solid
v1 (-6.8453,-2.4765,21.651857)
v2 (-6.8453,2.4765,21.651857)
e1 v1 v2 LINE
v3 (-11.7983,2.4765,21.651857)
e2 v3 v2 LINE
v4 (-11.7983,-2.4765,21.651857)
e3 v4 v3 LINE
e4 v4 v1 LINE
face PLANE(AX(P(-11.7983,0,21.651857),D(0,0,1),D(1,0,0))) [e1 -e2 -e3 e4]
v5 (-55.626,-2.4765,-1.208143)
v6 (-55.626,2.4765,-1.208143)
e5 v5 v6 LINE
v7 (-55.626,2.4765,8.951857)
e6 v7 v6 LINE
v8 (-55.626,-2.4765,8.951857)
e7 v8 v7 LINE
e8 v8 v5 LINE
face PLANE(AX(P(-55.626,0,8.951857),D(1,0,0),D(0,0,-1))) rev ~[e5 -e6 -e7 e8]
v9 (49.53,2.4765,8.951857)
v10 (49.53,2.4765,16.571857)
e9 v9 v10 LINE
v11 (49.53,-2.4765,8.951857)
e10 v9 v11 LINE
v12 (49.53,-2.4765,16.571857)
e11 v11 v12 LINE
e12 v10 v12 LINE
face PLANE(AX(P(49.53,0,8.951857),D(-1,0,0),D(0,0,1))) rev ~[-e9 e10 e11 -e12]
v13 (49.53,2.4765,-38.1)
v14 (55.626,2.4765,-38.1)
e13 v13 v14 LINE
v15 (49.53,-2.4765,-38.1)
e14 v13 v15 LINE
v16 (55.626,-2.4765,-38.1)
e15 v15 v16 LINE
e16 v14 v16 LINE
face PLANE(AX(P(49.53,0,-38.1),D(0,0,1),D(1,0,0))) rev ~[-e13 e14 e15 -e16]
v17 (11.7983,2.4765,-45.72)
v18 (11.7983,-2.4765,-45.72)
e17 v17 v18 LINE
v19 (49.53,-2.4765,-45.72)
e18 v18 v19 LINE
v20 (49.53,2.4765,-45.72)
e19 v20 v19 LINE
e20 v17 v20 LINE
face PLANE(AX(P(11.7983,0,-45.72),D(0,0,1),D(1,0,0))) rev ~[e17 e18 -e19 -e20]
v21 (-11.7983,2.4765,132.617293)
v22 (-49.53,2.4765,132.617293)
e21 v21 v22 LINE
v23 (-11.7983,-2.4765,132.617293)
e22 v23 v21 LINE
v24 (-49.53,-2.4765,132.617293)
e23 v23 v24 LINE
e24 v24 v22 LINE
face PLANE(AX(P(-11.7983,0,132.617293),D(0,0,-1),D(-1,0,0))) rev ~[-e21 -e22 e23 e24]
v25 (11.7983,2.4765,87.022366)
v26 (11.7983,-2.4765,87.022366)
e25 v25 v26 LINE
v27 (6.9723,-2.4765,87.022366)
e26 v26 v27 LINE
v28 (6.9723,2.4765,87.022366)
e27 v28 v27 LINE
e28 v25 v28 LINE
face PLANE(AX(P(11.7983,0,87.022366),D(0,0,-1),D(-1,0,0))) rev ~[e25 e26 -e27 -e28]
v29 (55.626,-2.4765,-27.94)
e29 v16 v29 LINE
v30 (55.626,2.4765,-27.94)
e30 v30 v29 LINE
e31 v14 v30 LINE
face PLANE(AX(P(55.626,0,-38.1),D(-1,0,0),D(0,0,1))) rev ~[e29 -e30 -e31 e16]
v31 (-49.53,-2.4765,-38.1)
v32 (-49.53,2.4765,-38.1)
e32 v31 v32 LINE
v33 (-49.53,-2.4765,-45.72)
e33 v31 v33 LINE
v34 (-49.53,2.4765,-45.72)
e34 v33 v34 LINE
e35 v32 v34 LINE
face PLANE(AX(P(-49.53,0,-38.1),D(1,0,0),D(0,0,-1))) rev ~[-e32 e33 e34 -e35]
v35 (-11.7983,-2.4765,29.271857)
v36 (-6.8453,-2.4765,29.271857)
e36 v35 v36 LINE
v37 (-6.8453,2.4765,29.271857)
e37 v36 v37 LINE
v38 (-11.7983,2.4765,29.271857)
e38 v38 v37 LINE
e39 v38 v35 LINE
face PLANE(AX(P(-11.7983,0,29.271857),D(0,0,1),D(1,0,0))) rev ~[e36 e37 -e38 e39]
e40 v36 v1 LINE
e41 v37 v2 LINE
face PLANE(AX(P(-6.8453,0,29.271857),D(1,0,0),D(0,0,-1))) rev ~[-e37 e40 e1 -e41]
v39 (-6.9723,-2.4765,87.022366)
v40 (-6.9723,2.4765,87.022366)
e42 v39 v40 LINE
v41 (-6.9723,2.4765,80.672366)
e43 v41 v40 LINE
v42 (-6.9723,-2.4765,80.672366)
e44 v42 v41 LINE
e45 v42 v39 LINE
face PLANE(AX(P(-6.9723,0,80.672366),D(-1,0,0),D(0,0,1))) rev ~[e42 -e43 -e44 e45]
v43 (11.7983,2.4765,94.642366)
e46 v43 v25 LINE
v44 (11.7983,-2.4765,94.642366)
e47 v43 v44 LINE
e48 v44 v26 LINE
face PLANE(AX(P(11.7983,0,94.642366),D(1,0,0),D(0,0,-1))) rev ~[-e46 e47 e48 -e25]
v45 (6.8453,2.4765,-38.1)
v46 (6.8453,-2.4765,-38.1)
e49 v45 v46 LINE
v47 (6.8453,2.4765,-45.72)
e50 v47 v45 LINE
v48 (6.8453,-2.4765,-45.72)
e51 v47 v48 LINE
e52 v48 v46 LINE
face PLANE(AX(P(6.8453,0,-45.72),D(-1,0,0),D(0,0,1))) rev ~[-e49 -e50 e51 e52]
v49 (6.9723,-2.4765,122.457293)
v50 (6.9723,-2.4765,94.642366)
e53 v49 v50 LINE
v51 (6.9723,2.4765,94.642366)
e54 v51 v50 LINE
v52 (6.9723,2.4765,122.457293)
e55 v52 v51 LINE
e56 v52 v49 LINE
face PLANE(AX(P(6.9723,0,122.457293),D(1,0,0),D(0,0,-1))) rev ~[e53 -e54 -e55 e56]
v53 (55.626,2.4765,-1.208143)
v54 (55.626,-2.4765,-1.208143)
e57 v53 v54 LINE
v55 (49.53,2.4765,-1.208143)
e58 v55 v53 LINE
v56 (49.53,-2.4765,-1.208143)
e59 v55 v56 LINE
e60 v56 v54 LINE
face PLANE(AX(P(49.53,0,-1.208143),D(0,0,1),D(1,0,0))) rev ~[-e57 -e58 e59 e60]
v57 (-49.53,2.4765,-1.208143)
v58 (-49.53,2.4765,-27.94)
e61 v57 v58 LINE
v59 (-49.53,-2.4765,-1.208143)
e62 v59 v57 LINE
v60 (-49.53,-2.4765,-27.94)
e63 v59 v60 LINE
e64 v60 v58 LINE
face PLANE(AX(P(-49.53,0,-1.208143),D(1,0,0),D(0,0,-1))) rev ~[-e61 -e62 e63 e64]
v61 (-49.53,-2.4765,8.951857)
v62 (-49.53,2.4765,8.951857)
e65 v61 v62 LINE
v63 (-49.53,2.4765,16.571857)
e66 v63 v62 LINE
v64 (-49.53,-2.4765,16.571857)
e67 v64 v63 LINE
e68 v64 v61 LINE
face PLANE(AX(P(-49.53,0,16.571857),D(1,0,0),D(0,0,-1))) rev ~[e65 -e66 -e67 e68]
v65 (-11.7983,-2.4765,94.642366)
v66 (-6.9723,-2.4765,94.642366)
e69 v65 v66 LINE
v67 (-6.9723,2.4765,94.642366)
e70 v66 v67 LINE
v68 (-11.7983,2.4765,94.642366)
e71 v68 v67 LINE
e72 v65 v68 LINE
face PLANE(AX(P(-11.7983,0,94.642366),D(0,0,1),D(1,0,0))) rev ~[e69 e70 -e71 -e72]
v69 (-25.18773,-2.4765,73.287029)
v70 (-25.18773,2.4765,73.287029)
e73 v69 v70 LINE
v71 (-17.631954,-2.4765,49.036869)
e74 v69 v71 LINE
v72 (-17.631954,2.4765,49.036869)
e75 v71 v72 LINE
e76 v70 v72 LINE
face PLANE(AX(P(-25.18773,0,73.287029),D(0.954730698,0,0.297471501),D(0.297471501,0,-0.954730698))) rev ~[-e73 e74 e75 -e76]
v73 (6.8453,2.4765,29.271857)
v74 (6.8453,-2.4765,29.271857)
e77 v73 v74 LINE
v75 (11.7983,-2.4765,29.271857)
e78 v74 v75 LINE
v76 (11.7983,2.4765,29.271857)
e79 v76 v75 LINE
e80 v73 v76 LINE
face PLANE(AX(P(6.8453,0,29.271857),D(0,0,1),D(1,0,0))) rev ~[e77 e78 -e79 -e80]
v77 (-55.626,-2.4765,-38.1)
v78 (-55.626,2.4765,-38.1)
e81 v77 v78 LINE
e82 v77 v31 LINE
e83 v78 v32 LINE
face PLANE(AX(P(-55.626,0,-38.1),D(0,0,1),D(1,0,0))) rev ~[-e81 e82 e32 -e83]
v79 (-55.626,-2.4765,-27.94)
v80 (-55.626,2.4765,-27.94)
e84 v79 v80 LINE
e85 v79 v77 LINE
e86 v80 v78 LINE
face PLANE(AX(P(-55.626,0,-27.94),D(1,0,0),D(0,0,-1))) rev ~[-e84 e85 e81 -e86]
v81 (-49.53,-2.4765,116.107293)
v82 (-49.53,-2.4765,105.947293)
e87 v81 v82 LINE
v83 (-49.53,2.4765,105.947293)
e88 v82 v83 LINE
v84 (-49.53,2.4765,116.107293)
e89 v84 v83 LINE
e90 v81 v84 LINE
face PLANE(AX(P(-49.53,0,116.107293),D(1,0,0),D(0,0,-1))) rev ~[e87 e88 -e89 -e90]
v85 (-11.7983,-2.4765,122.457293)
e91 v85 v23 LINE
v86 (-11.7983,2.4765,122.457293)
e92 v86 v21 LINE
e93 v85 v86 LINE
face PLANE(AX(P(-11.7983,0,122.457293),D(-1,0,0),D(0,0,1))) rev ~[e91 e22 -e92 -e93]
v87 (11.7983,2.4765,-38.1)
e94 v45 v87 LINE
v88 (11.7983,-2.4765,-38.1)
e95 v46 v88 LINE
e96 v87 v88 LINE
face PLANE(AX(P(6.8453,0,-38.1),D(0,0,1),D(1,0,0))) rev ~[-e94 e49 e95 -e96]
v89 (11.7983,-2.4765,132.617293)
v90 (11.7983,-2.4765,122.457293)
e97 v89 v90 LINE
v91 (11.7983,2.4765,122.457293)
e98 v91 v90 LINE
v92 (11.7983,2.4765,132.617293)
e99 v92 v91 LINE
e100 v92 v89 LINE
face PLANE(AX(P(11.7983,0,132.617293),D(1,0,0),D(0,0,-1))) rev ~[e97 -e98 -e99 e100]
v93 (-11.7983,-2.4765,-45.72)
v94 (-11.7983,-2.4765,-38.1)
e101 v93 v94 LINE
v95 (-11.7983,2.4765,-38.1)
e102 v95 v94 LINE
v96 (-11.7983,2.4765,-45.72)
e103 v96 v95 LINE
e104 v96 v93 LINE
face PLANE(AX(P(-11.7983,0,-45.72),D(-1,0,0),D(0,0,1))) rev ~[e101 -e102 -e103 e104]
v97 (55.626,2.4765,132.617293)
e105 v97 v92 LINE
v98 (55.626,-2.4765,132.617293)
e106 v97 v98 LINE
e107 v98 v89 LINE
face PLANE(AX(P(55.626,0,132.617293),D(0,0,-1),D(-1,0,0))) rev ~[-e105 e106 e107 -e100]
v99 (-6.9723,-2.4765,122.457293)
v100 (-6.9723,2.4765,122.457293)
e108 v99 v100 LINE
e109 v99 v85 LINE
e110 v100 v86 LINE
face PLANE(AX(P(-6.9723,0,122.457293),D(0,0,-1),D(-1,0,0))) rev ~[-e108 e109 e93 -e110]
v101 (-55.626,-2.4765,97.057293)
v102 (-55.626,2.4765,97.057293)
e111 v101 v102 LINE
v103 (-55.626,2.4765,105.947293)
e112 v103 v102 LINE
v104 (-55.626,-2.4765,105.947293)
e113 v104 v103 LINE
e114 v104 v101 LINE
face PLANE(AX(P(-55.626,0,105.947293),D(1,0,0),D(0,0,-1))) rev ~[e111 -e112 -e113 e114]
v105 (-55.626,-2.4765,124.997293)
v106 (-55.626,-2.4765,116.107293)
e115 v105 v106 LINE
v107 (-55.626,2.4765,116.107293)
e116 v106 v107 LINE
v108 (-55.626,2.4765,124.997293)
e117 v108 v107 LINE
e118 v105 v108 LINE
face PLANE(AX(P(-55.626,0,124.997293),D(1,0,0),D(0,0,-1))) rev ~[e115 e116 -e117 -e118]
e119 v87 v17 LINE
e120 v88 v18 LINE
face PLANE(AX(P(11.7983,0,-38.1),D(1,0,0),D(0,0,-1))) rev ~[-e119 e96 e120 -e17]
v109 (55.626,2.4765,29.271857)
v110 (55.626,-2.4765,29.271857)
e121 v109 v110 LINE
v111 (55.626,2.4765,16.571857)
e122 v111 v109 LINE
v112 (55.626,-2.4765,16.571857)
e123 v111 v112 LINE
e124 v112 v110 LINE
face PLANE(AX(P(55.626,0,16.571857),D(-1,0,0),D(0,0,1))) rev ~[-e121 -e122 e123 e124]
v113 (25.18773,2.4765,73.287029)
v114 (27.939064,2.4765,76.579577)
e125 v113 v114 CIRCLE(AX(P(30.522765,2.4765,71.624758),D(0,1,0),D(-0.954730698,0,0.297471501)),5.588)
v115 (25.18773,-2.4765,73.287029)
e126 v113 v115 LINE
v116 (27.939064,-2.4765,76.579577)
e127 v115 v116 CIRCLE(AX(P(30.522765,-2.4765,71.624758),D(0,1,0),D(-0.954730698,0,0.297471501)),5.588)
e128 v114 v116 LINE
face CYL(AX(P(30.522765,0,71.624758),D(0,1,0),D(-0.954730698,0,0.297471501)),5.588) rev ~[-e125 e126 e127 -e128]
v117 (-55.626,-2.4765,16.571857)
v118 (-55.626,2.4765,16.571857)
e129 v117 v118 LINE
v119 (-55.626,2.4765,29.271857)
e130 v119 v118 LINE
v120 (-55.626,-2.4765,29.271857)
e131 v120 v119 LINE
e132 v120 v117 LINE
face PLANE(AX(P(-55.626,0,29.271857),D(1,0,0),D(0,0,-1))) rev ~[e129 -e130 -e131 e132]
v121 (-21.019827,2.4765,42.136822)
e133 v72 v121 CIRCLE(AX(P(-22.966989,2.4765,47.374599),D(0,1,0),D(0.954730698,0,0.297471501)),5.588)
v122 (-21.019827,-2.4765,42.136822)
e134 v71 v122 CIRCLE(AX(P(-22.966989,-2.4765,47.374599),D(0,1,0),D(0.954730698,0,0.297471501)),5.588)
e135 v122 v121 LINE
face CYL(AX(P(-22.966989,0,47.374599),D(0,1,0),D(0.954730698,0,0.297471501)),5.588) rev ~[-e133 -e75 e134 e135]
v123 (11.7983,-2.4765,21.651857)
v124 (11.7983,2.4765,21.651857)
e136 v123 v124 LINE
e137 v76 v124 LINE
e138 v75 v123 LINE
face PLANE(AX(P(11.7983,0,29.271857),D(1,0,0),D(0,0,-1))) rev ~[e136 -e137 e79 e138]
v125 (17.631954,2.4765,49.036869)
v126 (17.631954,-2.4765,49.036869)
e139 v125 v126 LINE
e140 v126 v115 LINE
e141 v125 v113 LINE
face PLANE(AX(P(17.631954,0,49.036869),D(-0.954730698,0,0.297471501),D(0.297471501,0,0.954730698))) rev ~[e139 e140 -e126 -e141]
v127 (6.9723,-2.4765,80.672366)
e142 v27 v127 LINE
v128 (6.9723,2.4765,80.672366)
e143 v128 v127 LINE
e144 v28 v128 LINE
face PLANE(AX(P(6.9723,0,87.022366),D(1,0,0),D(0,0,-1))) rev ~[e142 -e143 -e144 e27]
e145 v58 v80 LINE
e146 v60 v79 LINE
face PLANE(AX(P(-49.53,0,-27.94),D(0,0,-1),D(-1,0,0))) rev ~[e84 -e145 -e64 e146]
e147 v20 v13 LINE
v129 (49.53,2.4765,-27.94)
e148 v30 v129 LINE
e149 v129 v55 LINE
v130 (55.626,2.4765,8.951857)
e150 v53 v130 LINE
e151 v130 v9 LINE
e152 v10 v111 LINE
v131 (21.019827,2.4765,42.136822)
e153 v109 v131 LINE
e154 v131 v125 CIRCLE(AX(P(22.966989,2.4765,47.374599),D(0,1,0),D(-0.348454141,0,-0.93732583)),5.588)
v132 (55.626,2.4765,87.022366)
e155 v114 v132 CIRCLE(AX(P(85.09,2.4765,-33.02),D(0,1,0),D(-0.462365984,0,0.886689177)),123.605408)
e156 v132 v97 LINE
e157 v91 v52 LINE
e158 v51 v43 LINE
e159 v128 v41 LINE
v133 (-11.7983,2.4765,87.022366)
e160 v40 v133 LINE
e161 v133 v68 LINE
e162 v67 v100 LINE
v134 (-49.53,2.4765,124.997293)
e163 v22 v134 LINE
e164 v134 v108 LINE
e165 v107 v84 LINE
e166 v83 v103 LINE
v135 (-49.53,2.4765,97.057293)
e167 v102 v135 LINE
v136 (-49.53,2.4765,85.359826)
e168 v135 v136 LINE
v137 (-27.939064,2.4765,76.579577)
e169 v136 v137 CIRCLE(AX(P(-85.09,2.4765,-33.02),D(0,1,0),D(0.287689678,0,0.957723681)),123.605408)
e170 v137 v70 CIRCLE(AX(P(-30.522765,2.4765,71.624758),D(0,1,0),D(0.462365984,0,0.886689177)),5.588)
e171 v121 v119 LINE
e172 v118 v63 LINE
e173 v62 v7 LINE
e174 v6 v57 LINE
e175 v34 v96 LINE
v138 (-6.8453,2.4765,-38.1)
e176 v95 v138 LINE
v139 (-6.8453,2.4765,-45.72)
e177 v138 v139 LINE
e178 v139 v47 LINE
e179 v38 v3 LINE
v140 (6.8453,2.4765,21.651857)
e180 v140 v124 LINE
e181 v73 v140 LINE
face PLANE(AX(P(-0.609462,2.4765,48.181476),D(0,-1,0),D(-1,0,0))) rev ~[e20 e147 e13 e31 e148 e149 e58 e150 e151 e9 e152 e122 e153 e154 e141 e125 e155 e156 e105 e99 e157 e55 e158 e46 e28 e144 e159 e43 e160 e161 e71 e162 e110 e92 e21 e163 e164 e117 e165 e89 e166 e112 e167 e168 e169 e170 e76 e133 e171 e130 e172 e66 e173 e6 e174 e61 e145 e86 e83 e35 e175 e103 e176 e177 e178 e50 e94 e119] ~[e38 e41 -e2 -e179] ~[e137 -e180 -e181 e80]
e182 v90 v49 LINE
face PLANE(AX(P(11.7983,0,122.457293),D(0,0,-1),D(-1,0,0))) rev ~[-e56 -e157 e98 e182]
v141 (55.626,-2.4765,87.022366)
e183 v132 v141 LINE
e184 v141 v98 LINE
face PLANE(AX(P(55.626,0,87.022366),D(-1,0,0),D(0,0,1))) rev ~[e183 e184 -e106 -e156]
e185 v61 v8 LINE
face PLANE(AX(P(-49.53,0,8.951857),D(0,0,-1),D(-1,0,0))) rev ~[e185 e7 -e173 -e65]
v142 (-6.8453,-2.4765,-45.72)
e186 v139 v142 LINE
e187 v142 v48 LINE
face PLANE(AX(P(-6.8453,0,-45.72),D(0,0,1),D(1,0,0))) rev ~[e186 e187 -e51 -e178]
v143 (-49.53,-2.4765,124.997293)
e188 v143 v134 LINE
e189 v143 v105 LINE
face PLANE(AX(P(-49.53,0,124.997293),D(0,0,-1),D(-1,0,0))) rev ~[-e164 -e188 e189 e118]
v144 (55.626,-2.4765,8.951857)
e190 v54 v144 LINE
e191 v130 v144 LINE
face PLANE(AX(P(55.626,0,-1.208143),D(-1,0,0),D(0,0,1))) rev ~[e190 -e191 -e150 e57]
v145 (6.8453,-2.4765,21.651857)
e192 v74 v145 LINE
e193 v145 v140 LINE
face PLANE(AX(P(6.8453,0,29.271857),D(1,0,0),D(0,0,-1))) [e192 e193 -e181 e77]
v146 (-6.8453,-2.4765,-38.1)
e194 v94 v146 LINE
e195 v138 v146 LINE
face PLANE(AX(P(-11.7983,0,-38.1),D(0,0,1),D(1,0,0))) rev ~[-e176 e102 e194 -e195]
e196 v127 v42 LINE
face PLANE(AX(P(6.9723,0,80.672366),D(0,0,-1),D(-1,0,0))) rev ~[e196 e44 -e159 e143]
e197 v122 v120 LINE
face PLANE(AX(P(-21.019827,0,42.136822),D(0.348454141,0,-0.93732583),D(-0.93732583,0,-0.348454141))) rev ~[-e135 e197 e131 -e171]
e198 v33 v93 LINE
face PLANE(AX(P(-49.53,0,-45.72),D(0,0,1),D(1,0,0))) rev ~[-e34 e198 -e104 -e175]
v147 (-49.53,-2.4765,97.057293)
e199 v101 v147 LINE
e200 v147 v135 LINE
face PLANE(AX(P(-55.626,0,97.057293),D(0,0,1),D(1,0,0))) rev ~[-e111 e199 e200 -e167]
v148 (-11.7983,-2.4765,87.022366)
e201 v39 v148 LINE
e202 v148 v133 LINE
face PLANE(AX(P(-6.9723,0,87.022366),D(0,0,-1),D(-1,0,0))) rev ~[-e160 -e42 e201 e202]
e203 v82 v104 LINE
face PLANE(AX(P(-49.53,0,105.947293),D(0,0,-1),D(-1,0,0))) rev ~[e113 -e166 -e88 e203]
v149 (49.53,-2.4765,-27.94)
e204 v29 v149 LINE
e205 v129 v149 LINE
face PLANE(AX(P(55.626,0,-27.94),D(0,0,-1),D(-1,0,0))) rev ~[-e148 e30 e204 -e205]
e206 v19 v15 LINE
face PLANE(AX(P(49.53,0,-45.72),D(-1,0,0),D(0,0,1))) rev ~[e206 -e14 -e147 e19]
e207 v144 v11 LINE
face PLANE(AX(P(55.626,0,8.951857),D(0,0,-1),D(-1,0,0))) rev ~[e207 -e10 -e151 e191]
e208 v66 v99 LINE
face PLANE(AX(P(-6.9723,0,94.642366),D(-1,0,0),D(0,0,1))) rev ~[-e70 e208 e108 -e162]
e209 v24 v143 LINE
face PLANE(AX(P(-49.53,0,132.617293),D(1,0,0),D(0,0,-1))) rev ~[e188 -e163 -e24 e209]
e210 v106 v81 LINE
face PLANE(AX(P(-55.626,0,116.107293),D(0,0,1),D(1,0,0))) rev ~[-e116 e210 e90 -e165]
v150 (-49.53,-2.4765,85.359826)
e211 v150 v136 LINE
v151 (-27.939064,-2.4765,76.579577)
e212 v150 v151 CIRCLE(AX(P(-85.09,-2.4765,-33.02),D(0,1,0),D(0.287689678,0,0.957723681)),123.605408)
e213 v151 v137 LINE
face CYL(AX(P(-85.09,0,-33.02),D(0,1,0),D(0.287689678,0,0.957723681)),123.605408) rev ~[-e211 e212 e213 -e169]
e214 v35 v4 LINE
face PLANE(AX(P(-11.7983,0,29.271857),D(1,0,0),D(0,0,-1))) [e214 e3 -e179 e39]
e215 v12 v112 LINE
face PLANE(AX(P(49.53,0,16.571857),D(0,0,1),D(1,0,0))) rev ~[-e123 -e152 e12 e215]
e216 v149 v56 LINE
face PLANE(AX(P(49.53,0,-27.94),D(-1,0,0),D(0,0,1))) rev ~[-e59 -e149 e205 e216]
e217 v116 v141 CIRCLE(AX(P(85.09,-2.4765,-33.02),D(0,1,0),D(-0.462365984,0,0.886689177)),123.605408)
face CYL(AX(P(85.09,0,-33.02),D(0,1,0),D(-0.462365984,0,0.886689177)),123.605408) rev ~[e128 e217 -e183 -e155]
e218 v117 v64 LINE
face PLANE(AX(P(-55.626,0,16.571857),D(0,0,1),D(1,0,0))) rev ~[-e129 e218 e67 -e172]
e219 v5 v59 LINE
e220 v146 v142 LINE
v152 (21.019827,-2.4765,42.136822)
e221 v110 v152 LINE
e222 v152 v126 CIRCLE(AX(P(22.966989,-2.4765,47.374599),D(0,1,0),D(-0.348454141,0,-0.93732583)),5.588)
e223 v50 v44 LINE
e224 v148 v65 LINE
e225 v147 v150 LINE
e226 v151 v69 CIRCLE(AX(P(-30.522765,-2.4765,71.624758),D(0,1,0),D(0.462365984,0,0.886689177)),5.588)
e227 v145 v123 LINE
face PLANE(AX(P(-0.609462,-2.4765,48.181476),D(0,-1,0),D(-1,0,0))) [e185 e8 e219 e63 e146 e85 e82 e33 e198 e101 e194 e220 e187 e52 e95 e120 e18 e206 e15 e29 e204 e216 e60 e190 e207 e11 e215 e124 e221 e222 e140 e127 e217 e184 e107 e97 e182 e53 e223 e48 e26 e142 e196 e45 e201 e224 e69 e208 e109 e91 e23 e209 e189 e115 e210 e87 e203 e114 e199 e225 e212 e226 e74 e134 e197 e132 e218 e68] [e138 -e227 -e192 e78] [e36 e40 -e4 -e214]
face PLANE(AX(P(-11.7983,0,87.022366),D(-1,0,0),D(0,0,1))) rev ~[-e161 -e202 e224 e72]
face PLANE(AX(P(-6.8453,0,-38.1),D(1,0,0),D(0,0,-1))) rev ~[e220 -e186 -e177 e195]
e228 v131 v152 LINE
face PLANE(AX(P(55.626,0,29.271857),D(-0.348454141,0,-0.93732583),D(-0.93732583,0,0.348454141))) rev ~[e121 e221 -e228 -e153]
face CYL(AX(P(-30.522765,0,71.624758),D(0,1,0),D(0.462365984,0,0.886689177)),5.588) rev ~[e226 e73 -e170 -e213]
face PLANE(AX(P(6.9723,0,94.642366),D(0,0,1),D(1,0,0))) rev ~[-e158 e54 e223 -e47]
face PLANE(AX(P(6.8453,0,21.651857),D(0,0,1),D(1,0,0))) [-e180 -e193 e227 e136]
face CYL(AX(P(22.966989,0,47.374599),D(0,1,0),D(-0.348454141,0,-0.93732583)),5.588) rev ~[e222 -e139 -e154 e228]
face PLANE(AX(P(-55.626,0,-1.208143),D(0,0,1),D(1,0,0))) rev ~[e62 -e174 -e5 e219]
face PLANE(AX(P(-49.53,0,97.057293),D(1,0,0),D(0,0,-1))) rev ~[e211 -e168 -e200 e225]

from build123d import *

# Parameters (mm, degrees)
SKETCH1_W           = 4.953
SKETCH1_H           = 7.62
BOSS_EXTRUDE1_DEPTH = 2.4765


with BuildPart() as part:
    # Sketch1 → Boss-Extrude1 (new, symmetric)
    with BuildSketch(Plane(origin=(0, 0, 0), x_dir=(1, 0, 0), z_dir=(0, 1, 0))):
        with BuildLine():
            Line((-49.53, 45.72), (-11.7983, 45.72))
            Line((-11.7983, 45.72), (-11.7983, 38.1))
            Line((-11.7983, 38.1), (-6.8453, 38.1))
            Line((-6.8453, 38.1), (-6.8453, 45.72))
            Line((-6.8453, 45.72), (6.8453, 45.72))
            Line((6.8453, 45.72), (6.8453, 38.1))
            Line((6.8453, 38.1), (11.7983, 38.1))
            Line((11.7983, 38.1), (11.7983, 45.72))
            Line((11.7983, 45.72), (49.53, 45.72))
            Line((49.53, 45.72), (49.53, 38.1))
            Line((49.53, 38.1), (55.626, 38.1))
            Line((55.626, 38.1), (55.626, 27.94))
            Line((55.626, 27.94), (49.53, 27.94))
            Line((49.53, 27.94), (49.53, 1.208143374))
            Line((49.53, 1.208143374), (55.626, 1.208143374))
            Line((55.626, 1.208143374), (55.626, -8.951856626))
            Line((55.626, -8.951856626), (49.53, -8.951856626))
            Line((49.53, -8.951856626), (49.53, -16.571856626))
            Line((49.53, -16.571856626), (55.626, -16.571856626))
            Line((55.626, -16.571856626), (55.626, -29.271856626))
            Line((55.626, -29.271856626), (21.019827136, -42.136821893))
            ThreePointArc((21.019827136, -42.136821893), (17.95098831, -44.911778638), (17.631953735, -49.036869377))
            Line((17.631953735, -49.036869377), (25.187729856, -73.287029113))
            ThreePointArc((25.187729856, -73.287029113), (26.234780075, -75.207903536), (27.939063878, -76.579577488))
            ThreePointArc((27.939063878, -76.579577488), (41.468907088, -82.632484358), (55.626, -87.022365809))
            Line((55.626, -87.022365809), (55.626, -132.617292876))
            Line((55.626, -132.617292876), (11.7983, -132.617292876))
            Line((11.7983, -132.617292876), (11.7983, -122.457292876))
            Line((11.7983, -122.457292876), (6.9723, -122.457292876))
            Line((6.9723, -122.457292876), (6.9723, -94.642365809))
            Line((6.9723, -94.642365809), (11.7983, -94.642365809))
            Line((11.7983, -94.642365809), (11.7983, -87.022365809))
            Line((11.7983, -87.022365809), (6.9723, -87.022365809))
            Line((6.9723, -87.022365809), (6.9723, -80.672365809))
            Line((6.9723, -80.672365809), (-6.9723, -80.672365809))
            Line((-6.9723, -80.672365809), (-6.9723, -87.022365809))
            Line((-6.9723, -87.022365809), (-11.7983, -87.022365809))
            Line((-11.7983, -87.022365809), (-11.7983, -94.642365809))
            Line((-11.7983, -94.642365809), (-6.9723, -94.642365809))
            Line((-6.9723, -94.642365809), (-6.9723, -122.457292876))
            Line((-6.9723, -122.457292876), (-11.7983, -122.457292876))
            Line((-11.7983, -122.457292876), (-11.7983, -132.617292876))
            Line((-11.7983, -132.617292876), (-49.53, -132.617292876))
            Line((-49.53, -132.617292876), (-49.53, -124.997292876))
            Line((-49.53, -124.997292876), (-55.626, -124.997292876))
            Line((-55.626, -124.997292876), (-55.626, -116.107292876))
            Line((-55.626, -116.107292876), (-49.53, -116.107292876))
            Line((-49.53, -116.107292876), (-49.53, -105.947292876))
            Line((-49.53, -105.947292876), (-55.626, -105.947292876))
            Line((-55.626, -105.947292876), (-55.626, -97.057292876))
            Line((-55.626, -97.057292876), (-49.53, -97.057292876))
            Line((-49.53, -97.057292876), (-49.53, -85.359826344))
            ThreePointArc((-49.53, -85.359826344), (-38.527111219, -81.479756652), (-27.939063878, -76.579577488))
            ThreePointArc((-27.939063878, -76.579577488), (-26.234780075, -75.207903536), (-25.187729856, -73.287029113))
            Line((-25.187729856, -73.287029113), (-17.631953735, -49.036869377))
            ThreePointArc((-17.631953735, -49.036869377), (-17.95098831, -44.911778638), (-21.019827136, -42.136821893))
            Line((-21.019827136, -42.136821893), (-55.626, -29.271856626))
            Line((-55.626, -29.271856626), (-55.626, -16.571856626))
            Line((-55.626, -16.571856626), (-49.53, -16.571856626))
            Line((-49.53, -16.571856626), (-49.53, -8.951856626))
            Line((-49.53, -8.951856626), (-55.626, -8.951856626))
            Line((-55.626, -8.951856626), (-55.626, 1.208143374))
            Line((-55.626, 1.208143374), (-49.53, 1.208143374))
            Line((-49.53, 1.208143374), (-49.53, 27.94))
            Line((-49.53, 27.94), (-55.626, 27.94))
            Line((-55.626, 27.94), (-55.626, 38.1))
            Line((-55.626, 38.1), (-49.53, 38.1))
            Line((-49.53, 38.1), (-49.53, 45.72))
        make_face()
        with Locations((9.3218, -25.461856626)):
            Rectangle(SKETCH1_W, SKETCH1_H, mode=Mode.SUBTRACT)
        with Locations((-9.3218, -25.461856626)):
            Rectangle(SKETCH1_W, SKETCH1_H, mode=Mode.SUBTRACT)
    extrude(amount=BOSS_EXTRUDE1_DEPTH, both=True)


solid = part.part
